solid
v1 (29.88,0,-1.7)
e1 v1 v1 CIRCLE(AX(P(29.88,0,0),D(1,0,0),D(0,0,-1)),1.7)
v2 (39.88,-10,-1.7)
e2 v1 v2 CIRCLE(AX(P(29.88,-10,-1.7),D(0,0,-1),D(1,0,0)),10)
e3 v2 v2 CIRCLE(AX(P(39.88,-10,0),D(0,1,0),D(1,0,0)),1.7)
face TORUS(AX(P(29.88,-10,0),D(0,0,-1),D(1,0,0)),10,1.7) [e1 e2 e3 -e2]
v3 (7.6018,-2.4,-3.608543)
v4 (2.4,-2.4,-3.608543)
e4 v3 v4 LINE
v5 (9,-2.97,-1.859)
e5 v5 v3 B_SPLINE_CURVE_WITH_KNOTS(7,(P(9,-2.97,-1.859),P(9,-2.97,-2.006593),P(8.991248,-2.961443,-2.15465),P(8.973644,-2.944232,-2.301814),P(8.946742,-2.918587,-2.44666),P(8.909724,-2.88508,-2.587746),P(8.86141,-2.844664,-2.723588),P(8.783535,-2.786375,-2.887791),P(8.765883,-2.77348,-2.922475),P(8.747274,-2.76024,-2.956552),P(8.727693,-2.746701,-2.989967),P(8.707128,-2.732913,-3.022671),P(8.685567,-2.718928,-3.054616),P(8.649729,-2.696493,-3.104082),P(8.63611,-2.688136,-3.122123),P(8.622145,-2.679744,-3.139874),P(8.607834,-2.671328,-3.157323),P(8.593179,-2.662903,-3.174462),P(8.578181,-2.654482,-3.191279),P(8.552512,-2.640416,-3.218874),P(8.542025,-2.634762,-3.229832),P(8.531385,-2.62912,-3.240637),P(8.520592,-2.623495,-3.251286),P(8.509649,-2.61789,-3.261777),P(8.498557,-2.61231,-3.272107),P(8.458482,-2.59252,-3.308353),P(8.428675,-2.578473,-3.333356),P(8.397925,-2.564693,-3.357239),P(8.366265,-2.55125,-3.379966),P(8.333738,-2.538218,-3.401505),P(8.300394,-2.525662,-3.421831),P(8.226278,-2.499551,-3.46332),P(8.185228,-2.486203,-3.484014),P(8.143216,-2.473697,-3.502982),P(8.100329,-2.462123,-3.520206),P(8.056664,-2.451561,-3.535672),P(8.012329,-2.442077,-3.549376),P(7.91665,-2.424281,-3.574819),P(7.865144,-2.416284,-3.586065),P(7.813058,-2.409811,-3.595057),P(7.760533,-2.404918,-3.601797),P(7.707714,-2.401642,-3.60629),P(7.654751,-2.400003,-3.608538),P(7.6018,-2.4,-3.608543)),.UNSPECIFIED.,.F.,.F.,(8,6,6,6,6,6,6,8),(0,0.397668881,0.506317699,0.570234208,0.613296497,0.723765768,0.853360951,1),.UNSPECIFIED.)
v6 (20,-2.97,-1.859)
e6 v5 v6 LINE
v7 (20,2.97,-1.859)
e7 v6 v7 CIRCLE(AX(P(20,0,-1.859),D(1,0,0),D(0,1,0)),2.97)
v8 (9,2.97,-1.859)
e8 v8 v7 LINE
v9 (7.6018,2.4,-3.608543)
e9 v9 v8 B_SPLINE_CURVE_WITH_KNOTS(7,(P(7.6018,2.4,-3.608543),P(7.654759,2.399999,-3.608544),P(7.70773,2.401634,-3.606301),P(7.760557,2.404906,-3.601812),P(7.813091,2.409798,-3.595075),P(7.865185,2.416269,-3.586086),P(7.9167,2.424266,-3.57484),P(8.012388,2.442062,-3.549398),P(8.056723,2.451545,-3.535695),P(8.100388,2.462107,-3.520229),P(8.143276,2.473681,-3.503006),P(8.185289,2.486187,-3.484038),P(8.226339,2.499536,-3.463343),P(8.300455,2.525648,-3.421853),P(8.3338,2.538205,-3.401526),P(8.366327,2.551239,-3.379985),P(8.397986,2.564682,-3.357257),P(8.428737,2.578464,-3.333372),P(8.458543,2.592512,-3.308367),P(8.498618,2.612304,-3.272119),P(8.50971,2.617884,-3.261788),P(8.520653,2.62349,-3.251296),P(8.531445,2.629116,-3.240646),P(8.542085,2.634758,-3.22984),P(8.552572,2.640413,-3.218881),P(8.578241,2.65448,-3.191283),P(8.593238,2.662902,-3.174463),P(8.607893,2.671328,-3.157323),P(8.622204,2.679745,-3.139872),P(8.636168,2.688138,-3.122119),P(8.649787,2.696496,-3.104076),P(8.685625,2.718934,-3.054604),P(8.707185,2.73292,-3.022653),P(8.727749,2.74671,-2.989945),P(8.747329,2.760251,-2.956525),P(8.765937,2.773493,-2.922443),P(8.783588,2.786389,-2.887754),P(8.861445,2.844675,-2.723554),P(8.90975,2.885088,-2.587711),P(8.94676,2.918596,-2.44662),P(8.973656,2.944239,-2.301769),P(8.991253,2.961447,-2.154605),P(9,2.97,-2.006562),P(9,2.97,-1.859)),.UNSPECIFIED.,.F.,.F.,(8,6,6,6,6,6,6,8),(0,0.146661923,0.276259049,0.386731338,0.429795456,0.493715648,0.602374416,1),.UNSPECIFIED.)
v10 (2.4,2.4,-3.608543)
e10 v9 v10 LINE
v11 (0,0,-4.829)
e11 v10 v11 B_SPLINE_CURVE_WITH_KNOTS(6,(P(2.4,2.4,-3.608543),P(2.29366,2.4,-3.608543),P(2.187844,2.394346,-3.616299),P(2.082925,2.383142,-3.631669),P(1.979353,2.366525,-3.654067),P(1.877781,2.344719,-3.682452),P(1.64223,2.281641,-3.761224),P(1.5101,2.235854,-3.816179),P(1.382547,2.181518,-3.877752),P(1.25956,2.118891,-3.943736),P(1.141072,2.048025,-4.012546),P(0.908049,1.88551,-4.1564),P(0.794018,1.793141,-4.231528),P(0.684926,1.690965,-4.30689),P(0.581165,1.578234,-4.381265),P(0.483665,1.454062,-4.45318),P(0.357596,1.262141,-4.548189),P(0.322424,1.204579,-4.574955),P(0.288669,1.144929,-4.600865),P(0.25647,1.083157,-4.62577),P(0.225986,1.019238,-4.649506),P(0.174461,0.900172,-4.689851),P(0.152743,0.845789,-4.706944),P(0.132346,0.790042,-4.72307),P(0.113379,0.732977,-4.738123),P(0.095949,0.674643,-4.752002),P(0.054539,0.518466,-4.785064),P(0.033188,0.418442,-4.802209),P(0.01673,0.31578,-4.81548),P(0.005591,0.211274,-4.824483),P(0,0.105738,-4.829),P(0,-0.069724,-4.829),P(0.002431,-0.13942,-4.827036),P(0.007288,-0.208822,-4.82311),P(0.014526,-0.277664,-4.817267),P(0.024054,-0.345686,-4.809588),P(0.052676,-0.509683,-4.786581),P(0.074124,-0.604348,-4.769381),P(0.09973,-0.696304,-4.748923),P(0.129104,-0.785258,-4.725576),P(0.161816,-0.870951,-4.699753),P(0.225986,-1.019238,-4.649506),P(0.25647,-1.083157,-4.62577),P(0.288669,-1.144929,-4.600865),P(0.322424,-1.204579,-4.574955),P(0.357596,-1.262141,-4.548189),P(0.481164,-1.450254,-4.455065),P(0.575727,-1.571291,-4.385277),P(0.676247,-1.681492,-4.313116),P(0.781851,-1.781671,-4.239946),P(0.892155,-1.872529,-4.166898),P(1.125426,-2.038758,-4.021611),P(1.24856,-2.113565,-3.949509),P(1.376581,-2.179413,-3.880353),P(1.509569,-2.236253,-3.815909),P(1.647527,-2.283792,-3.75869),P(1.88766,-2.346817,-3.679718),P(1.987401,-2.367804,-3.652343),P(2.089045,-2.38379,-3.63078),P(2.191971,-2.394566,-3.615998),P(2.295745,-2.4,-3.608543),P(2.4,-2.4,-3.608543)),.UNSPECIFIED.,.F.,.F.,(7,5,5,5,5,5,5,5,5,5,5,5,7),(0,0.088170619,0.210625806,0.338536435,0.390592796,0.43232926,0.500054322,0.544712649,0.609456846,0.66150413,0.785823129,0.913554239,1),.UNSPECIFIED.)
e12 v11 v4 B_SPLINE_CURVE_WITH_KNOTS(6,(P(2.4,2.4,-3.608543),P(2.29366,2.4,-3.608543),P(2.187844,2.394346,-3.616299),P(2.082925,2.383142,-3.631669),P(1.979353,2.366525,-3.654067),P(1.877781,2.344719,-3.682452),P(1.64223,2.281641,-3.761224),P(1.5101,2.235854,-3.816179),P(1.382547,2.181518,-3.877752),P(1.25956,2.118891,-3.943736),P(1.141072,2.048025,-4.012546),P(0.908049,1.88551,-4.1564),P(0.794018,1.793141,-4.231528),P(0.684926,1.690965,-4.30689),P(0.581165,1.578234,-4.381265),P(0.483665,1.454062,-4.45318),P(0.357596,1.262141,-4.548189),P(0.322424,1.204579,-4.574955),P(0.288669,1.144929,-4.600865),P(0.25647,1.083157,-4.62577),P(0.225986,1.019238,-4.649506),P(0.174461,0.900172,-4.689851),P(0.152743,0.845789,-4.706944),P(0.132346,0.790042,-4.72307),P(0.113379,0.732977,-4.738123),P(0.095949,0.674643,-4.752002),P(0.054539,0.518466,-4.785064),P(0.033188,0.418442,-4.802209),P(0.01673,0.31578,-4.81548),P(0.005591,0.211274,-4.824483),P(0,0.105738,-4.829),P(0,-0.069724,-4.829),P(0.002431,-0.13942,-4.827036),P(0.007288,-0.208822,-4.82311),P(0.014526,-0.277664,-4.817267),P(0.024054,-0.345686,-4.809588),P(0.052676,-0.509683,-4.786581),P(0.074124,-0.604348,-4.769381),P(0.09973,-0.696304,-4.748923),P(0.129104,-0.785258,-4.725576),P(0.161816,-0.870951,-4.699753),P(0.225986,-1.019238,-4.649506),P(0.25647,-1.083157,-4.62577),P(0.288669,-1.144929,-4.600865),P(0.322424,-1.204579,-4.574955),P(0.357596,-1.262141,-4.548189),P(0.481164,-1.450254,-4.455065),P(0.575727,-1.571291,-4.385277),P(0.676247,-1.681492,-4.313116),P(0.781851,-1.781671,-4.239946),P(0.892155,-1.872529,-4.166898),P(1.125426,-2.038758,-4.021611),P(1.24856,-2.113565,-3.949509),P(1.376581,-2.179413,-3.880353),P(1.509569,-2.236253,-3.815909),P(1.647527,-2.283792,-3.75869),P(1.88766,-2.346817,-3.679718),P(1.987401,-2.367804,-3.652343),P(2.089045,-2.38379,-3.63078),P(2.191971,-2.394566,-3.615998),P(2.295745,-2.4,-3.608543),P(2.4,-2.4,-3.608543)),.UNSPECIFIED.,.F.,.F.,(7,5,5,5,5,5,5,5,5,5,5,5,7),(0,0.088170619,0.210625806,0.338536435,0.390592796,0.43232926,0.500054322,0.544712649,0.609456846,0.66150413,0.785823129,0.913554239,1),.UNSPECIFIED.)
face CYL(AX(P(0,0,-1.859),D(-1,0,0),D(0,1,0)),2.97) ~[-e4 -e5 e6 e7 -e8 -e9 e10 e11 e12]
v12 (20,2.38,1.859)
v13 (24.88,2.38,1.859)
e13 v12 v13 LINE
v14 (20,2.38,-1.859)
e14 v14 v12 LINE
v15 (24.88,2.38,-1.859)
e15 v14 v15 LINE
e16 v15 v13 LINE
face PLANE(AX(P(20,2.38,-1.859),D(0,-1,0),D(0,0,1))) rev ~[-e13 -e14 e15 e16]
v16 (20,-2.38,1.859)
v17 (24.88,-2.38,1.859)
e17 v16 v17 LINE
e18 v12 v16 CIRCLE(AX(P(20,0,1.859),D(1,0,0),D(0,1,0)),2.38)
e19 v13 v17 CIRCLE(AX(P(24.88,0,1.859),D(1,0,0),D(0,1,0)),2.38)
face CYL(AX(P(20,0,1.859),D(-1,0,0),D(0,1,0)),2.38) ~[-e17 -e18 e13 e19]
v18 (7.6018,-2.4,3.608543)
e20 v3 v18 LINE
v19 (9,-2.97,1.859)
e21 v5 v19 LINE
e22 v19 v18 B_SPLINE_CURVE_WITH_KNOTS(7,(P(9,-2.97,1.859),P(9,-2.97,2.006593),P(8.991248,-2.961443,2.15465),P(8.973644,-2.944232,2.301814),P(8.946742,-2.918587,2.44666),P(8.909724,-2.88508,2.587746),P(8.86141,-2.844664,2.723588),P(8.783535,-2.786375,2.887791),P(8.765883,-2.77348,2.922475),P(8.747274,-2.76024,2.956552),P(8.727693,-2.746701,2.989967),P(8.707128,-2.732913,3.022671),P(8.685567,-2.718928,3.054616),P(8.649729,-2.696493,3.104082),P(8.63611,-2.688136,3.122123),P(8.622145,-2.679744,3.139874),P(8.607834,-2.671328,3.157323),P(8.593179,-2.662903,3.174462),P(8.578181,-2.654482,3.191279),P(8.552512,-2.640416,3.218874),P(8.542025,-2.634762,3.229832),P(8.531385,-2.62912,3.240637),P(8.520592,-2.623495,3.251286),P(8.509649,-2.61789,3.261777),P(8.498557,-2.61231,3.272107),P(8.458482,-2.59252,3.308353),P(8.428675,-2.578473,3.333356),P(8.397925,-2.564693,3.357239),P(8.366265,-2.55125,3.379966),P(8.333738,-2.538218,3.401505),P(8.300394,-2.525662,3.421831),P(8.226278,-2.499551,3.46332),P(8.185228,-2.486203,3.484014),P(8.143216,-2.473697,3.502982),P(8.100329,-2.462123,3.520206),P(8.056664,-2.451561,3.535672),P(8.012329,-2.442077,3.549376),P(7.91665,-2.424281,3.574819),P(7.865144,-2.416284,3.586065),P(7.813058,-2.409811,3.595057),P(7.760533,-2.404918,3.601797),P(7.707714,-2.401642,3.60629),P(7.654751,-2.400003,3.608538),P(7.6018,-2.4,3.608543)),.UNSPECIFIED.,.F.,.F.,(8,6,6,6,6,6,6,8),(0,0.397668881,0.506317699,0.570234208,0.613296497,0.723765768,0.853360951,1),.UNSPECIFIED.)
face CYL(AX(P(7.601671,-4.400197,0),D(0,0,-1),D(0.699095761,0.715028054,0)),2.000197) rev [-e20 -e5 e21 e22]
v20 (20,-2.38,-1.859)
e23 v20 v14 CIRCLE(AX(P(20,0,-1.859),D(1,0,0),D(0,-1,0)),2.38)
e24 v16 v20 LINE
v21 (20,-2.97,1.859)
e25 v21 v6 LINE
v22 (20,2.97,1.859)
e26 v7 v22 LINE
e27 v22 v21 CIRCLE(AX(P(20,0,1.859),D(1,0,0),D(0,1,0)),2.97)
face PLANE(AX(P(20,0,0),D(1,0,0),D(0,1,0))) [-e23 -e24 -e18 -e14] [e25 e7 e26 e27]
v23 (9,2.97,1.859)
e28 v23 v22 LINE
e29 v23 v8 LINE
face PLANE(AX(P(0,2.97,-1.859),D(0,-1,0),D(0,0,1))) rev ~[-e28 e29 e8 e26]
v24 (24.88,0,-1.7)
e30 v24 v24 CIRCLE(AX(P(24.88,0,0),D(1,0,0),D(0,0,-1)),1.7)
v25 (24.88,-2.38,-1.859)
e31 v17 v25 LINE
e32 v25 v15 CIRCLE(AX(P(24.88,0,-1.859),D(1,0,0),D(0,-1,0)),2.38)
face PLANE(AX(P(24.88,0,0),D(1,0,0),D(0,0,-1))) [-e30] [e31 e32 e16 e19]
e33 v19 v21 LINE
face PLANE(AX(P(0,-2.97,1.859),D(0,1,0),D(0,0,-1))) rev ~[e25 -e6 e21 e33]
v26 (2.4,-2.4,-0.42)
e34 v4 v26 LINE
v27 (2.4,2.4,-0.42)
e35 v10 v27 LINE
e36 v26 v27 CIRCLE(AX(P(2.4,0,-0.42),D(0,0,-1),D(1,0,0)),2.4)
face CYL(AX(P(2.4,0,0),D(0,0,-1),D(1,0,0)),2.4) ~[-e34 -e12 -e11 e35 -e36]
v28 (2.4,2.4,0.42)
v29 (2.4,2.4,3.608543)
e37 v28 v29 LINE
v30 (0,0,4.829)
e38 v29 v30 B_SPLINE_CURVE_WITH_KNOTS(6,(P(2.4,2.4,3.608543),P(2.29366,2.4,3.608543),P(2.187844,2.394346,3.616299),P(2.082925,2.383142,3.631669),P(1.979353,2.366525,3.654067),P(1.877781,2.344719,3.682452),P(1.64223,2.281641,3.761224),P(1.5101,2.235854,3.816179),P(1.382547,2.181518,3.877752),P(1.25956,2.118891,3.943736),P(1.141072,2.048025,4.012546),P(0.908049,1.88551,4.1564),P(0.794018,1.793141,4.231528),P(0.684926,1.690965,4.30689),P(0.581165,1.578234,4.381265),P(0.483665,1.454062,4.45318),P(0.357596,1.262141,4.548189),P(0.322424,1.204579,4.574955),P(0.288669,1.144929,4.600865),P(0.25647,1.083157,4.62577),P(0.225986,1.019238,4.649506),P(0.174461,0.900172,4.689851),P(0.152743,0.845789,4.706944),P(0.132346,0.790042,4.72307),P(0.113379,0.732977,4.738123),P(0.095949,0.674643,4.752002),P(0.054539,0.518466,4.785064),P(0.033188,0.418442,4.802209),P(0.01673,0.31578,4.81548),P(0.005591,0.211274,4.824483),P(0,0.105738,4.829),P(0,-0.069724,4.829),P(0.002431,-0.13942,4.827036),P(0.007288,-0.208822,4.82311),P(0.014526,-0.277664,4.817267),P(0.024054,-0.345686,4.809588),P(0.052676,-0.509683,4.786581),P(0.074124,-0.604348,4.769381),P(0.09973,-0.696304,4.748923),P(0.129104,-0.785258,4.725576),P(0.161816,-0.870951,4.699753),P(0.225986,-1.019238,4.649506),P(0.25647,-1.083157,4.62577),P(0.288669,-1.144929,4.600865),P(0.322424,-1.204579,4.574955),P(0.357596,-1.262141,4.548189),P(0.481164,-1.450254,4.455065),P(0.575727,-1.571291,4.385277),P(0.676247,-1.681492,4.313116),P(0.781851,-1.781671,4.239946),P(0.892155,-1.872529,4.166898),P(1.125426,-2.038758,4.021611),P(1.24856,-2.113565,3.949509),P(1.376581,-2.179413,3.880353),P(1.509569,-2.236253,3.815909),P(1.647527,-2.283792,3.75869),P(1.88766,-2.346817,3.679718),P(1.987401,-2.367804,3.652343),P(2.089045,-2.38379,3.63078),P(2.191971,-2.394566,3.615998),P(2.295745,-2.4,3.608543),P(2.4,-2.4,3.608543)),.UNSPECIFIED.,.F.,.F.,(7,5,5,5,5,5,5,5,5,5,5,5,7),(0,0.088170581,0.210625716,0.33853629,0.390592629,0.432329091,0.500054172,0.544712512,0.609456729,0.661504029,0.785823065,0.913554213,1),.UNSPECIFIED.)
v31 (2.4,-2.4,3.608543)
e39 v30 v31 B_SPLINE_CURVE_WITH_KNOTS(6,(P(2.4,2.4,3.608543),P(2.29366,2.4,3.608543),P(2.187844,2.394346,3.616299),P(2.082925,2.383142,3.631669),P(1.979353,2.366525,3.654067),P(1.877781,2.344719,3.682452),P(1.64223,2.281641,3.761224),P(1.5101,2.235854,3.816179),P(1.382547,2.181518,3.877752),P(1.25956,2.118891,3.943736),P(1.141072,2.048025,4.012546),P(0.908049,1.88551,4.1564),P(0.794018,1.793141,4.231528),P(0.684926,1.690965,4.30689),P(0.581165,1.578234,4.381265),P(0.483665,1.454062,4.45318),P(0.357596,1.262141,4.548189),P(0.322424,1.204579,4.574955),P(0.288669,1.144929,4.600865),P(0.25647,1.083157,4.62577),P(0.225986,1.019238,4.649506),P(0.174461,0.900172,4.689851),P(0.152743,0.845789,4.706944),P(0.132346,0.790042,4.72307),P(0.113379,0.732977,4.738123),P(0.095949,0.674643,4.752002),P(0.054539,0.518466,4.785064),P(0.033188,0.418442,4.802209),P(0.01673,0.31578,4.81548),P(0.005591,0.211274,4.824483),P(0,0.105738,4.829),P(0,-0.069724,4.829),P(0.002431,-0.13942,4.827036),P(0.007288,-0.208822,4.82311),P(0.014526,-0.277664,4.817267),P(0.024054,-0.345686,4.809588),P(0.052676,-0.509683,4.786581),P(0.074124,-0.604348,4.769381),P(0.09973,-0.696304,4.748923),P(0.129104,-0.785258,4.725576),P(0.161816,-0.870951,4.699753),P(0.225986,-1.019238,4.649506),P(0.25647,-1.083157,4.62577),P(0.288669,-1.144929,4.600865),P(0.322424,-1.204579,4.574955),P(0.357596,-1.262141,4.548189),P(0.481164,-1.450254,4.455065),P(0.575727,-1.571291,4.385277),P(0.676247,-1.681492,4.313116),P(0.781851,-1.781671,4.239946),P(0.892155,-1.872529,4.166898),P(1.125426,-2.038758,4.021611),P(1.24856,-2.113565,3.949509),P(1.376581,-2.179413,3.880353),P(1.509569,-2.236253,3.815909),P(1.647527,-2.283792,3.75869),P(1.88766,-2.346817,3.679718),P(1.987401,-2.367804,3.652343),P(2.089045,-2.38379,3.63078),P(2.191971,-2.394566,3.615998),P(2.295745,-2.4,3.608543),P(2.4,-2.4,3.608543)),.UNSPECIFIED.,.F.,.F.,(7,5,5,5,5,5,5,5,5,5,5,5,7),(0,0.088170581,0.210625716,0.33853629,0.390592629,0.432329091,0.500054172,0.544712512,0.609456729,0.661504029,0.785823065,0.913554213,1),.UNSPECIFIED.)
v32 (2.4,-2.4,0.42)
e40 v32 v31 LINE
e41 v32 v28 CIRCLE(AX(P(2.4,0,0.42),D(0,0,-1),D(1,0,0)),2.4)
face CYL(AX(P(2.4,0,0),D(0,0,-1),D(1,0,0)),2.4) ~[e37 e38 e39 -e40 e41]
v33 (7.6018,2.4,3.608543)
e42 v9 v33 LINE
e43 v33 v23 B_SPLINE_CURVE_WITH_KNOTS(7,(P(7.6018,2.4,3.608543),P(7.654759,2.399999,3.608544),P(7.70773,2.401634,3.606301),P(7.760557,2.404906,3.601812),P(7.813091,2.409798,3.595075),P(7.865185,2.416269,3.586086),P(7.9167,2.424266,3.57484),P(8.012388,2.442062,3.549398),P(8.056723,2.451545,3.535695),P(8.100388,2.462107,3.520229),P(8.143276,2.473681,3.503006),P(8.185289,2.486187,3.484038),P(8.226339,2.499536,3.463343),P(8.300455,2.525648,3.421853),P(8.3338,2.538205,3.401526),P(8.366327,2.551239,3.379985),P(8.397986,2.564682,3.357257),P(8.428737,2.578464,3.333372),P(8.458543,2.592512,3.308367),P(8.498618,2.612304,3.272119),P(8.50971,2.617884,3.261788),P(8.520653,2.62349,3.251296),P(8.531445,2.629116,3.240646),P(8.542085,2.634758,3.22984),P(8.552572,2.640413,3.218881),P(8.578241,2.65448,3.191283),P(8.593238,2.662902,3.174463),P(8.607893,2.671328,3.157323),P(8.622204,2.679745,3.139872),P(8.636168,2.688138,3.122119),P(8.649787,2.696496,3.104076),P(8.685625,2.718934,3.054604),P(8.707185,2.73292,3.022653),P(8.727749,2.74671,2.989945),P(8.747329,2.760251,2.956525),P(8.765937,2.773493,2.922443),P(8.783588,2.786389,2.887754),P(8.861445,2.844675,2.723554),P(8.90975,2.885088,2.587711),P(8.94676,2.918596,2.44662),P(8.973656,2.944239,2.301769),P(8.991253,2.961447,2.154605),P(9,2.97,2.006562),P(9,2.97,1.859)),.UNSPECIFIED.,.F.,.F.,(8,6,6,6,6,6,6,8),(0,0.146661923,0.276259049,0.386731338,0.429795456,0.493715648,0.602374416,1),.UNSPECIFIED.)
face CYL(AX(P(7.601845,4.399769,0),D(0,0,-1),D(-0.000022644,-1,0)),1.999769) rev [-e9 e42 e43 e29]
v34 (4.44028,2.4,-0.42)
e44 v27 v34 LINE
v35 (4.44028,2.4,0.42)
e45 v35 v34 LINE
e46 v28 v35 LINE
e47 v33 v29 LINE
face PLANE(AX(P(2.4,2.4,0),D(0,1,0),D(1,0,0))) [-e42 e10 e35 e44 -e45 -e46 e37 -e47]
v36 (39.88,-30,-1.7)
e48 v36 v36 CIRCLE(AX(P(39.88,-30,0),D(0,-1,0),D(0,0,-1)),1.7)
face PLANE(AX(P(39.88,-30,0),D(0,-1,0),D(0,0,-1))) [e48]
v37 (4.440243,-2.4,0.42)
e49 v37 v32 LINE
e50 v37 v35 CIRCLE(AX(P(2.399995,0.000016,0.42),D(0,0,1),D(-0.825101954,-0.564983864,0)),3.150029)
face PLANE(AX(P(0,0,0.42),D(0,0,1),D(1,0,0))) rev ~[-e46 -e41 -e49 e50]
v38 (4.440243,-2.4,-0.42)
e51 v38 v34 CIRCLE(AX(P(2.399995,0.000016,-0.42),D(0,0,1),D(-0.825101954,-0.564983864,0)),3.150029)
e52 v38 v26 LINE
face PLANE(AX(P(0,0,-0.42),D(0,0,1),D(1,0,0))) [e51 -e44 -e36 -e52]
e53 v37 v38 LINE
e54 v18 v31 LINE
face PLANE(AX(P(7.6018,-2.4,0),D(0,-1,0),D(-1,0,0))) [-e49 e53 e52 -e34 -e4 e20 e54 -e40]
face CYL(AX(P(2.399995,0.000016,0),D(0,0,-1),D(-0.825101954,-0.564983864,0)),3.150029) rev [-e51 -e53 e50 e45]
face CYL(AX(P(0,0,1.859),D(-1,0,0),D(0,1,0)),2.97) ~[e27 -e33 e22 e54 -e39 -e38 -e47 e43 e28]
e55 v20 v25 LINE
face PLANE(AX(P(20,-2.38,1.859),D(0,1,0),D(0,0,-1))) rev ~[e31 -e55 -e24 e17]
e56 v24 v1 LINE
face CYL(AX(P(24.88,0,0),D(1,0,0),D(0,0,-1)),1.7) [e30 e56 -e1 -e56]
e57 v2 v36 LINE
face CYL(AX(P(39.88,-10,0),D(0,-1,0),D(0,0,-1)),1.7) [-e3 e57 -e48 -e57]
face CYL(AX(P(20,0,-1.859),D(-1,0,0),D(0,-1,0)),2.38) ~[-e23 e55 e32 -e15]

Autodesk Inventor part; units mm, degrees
ref_plane "YZ Plane" through (0, 0, 0) normal (1, 0, 0) x (0, 1, 0)
ref_plane "XZ Plane" through (0, 0, 0) normal (0, 1, 0) x (-1, 0, 0)
ref_plane "XY Plane" through (0, 0, 0) normal (0, 0, 1) x (1, 0, 0)
sketch "草圖1" plane through (0, 0, 0) normal (1, 0, 0) x (0, 1, 0)
  line L0 (-2.97, -1.859) -> (2.97, -1.859)
  line L1 (2.97, -1.859) -> (2.97, 1.859)
  line L2 (2.97, 1.859) -> (-2.97, 1.859)
  line L3 (-2.97, 1.859) -> (-2.97, -1.859)
  line L4 (-2.97, -1.859) -> (2.97, 1.859) construction
  line L5 (2.97, -1.859) -> (-2.97, 1.859) construction
  circle A0 centre (0, 1.859) radius 2.97
  circle A1 centre (0, -1.859) radius 2.97
  line L6 (-2.2651, -3.78) -> (-2.2651, 3.78) construction
  point P0 (0, 0)
  point P1 (-2.97, 1.859)
  dimension "d0" = 7.56
  dimension "d1" = 5.94
extrude "擠出1" add sketch "草圖1" along normal blind 20
sketch "草圖2" plane through (0, 0, 0) normal (0, 0, 1) x (1, 0, 0)
  line L0 (0, 2.4) -> (9, 2.4)
  line L1 (9, 2.4) -> (9, -2.4)
  line L2 (9, -2.4) -> (0, -2.4)
  line L3 (0, -2.4) -> (0, 2.4)
  line L4 (0, -2.97) -> (0, 2.97) projected
  circle A0 centre (2.4, 0) radius 2.4
  line L5 (9, 5) -> (20, 5)
  line L6 (20, 5) -> (20, -5)
  line L7 (20, -5) -> (9, -5)
  line L8 (9, -5) -> (9, 5)
  line L9 (0, -2.97) -> (0, 2.97) projected
  line L10 (0, 2.97) -> (20, 2.97) projected
  line L11 (20, -2.97) -> (20, 2.97) projected
  line L12 (0, -2.97) -> (20, -2.97) projected
  arc A1 (7.6018, 2.4) -> (9, 2.97) centre (7.6018, 4.4) ccw
  arc A2 (9, -2.97) -> (7.6018, -2.4) centre (7.6018, -4.4) ccw
  point P0 (0, 0)
  point P1 (0, 0)
  point P2 (9, 0)
  point P3 (2.4, 2.4)
  point P4 (2.4, -2.4)
  dimension "d4" = 4.8
  dimension "d5" = 9
  dimension "d6" = 2
  dimension "d7" = 2
extrude "擠出2" cut sketch "草圖2" along normal mid plane 20 contours A1 L8 L0 | L0 L1 L2 A0 | L8 L10 L6 L12 L1 | A0 | L8 L5 L6 L10 | L8 A2 L2 | L12 L6 L7 L8 keep common part
sketch "草圖3" plane through (0, 0, 0) normal (0, 0, 1) x (1, 0, 0)
  line L0 (-0.1991, -1.7797) -> (-0.0573, 1.9709) projected
  arc A0 (-0.1991, -1.7797) -> (-0.0573, 1.9709) centre (2.4, 0) ccw projected
  point P0 (0, 0)
extrude "擠出3" cut sketch "草圖3" along normal mid plane 0.84
sketch "草圖4" plane through (20, 0, 0) normal (1, 0, 0) x (0, 0, -1)
  line L0 (1.859, 2.97) -> (-1.859, 2.97) projected
  arc A0 (-1.859, 2.97) -> (-1.859, -2.97) centre (-1.859, 0) ccw projected
  line L1 (-1.859, -2.97) -> (1.859, -2.97) projected
  arc A1 (1.859, -2.97) -> (1.859, 2.97) centre (1.859, 0) ccw projected
  line L2 (1.859, 2.38) -> (-1.859, 2.38)
  arc A2 (-1.859, 2.38) -> (-1.859, -2.38) centre (-1.859, 0) ccw
  line L3 (-1.859, -2.38) -> (1.859, -2.38)
  arc A3 (1.859, -2.38) -> (1.859, 2.38) centre (1.859, 0) ccw
  point P0 (0, 0)
  dimension "d14" = 0.59
extrude "擠出4" add sketch "草圖4" along normal blind 4.88 contours A3 L3 A2 L2
sketch "草圖5" plane through (24.88, 0, 0) normal (1, 0, 0) x (0, 0, -1)
  circle A0 centre (0, 0) radius 1.7
  dimension "d17" = 3.4
sketch "草圖6" plane through (0, 0, 0) normal (0, 0, 1) x (1, 0, 0)
  line L0 (24.88, -1.7) -> (24.88, 1.7) projected
  line L1 (24.88, 0) -> (29.88, 0)
  arc A0 (39.88, -10) -> (29.88, 0) centre (29.88, -10) ccw
  line L2 (39.88, -10) -> (39.88, -30)
  point P0 (0, 0)
  dimension "d18" = 5
  dimension "d19" = 10
  dimension "d20" = 20
sweep "掃掠1" add profiles "草圖5" path "草圖6" path curves L1 A0 L2
properties part number "基座"
